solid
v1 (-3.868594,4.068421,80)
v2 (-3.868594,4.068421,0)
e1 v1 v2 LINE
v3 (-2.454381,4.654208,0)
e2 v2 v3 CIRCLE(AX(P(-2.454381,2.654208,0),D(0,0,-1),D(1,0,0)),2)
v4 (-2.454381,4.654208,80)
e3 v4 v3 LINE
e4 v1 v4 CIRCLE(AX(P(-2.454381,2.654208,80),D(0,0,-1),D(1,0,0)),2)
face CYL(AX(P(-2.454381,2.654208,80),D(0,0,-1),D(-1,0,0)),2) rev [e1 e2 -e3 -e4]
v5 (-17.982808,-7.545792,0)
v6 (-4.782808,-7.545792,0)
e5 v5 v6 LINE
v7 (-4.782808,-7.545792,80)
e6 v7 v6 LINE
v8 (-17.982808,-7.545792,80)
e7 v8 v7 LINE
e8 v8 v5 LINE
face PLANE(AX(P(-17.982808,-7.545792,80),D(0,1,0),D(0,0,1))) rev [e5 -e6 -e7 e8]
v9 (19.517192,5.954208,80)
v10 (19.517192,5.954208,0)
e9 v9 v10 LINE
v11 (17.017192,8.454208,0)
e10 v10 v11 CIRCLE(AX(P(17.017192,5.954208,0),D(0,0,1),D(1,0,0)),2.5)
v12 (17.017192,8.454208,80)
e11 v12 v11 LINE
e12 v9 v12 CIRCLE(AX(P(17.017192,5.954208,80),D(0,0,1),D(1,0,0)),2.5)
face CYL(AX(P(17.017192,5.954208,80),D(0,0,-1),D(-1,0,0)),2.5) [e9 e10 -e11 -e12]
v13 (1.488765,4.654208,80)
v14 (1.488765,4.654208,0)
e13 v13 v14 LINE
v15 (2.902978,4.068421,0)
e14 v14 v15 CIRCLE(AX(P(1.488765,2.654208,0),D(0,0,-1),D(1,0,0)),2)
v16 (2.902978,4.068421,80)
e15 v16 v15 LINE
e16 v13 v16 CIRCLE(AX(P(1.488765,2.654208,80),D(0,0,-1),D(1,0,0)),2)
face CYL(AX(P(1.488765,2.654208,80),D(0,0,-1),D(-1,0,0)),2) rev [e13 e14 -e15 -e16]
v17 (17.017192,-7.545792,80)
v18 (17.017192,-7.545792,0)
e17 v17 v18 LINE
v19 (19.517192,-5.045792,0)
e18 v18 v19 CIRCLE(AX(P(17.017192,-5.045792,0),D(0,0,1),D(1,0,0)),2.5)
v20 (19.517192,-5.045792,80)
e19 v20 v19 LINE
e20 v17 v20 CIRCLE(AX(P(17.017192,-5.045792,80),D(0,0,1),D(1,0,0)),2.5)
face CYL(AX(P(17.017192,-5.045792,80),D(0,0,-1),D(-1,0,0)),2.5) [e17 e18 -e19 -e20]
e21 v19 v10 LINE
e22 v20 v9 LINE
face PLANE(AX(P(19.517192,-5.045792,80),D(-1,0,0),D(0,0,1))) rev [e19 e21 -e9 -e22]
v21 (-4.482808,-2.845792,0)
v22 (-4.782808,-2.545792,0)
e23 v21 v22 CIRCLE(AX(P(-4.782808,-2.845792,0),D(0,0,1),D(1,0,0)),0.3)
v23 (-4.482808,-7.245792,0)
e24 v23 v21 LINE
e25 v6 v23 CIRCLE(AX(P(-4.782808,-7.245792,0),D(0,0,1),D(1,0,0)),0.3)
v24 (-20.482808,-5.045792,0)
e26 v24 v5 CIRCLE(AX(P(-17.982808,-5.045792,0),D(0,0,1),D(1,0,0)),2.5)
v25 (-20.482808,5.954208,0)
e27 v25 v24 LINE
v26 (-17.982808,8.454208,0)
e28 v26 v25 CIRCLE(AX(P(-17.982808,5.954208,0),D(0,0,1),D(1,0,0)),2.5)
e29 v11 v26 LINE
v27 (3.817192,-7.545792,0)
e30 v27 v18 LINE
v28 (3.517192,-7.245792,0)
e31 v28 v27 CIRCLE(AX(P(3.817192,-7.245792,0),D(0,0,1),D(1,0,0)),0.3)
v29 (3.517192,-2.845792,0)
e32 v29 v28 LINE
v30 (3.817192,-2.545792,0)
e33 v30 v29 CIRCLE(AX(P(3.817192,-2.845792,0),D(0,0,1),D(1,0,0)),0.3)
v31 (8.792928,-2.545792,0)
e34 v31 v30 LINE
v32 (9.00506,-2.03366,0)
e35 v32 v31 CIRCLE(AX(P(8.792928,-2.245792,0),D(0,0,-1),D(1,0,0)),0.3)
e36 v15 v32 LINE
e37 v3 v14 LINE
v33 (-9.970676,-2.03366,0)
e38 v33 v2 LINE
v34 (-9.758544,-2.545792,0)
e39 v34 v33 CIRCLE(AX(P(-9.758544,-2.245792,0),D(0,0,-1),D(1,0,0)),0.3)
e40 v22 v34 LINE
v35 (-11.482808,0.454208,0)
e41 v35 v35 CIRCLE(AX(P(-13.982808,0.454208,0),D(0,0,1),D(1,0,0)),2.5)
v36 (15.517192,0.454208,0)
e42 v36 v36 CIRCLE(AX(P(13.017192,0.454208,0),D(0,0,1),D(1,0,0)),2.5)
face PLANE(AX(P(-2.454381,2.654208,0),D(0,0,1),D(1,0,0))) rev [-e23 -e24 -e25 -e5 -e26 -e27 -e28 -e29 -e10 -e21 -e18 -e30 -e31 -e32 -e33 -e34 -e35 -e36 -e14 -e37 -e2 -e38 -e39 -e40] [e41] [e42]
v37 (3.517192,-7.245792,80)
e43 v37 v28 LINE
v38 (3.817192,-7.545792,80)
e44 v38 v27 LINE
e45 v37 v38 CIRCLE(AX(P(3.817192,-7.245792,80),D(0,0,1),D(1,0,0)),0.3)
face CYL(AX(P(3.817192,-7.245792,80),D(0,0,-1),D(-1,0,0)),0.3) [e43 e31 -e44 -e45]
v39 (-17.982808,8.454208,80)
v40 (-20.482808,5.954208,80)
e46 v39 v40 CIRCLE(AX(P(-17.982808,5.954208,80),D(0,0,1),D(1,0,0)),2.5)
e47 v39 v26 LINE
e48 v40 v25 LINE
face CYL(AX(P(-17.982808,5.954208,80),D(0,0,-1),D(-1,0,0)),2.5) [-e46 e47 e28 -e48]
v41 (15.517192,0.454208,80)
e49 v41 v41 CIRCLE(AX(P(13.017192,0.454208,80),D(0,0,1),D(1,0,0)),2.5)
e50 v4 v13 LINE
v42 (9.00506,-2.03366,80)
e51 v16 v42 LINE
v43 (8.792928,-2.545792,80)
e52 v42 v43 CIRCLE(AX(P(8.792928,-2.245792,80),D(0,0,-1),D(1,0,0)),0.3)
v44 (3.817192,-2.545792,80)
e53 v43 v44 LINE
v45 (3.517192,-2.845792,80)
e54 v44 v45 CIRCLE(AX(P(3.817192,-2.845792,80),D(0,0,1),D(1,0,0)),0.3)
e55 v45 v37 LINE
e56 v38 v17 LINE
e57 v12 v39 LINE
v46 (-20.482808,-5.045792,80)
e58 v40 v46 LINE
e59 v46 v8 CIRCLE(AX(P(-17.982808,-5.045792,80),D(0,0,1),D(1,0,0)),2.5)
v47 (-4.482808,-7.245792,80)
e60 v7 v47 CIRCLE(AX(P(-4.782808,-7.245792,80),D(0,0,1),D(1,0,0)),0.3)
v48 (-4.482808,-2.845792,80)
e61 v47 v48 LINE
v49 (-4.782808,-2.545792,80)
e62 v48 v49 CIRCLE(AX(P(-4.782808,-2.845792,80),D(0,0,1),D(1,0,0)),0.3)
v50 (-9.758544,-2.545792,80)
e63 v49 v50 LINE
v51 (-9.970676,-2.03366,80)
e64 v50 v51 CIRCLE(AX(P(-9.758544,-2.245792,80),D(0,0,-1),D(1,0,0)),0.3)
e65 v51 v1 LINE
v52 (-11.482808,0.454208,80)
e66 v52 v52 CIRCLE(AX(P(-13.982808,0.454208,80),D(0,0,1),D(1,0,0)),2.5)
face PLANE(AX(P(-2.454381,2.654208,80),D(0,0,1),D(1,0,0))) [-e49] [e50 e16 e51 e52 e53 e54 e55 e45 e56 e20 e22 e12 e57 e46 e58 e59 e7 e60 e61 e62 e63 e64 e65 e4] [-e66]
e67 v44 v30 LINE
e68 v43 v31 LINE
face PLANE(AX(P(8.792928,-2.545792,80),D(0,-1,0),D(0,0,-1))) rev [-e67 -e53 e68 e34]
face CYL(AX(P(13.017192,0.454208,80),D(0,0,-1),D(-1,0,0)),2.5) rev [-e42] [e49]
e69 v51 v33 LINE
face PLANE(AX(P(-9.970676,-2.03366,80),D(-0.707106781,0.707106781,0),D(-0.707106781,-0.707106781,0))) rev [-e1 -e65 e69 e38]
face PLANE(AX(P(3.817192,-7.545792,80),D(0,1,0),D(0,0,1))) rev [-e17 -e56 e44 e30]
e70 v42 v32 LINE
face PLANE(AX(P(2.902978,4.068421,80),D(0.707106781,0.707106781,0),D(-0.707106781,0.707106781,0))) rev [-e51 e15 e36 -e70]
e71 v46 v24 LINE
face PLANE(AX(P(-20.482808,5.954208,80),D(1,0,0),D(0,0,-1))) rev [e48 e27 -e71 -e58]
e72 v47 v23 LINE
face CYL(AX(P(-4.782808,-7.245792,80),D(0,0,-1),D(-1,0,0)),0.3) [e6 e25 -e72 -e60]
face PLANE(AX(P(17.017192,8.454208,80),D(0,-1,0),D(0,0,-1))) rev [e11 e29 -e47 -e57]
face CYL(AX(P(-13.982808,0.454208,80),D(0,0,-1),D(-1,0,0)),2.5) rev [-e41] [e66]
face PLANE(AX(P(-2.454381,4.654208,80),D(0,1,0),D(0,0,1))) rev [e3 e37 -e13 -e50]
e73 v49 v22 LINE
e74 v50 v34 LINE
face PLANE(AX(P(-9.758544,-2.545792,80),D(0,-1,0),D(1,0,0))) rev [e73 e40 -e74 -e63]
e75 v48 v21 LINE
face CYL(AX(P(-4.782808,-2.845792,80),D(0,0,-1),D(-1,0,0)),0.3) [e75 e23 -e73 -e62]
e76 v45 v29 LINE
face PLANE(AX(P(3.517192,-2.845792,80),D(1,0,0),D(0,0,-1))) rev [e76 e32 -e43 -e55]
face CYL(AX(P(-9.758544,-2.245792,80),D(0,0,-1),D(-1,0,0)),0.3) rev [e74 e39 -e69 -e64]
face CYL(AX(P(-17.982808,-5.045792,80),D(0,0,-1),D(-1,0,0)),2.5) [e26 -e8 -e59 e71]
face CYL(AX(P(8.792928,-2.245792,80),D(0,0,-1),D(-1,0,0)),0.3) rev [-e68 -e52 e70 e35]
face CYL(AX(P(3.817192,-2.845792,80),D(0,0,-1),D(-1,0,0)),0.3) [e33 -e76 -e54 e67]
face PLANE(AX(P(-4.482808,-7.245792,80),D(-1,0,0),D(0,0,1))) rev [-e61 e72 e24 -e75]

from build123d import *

# Parameters (mm, degrees)
SKETCH_1_R      = 2.5
EXTRUDE_1_DEPTH = 80


with BuildPart() as part:
    # 草图1 → 凸台-拉伸1 (new body)
    with BuildSketch(Plane.XY):
        with BuildLine():
            Line((-2.454380926, 4.654207574), (1.488764825, 4.654207574))
            ThreePointArc((1.488764825, 4.654207574), (2.254131689, 4.501966639), (2.902978387, 4.068421136))
            Line((2.902978387, 4.068421136), (9.005059915, -2.033660392))
            ThreePointArc((9.005059915, -2.033660392), (9.070091741, -2.360597456), (8.792927881, -2.545792426))
            Line((8.792927881, -2.545792426), (3.817191949, -2.545792426))
            ThreePointArc((3.817191949, -2.545792426), (3.605059915, -2.633660392), (3.517191949, -2.845792426))
            Line((3.517191949, -2.845792426), (3.517191949, -7.245792426))
            ThreePointArc((3.517191949, -7.245792426), (3.605059915, -7.457924461), (3.817191949, -7.545792426))
            Line((3.817191949, -7.545792426), (17.017191949, -7.545792426))
            ThreePointArc((17.017191949, -7.545792426), (18.784958902, -6.813559379), (19.517191949, -5.045792426))
            Line((19.517191949, -5.045792426), (19.517191949, 5.954207574))
            ThreePointArc((19.517191949, 5.954207574), (18.784958902, 7.721974527), (17.017191949, 8.454207574))
            Line((17.017191949, 8.454207574), (-17.982808051, 8.454207574))
            ThreePointArc((-17.982808051, 8.454207574), (-19.750575003, 7.721974527), (-20.482808051, 5.954207574))
            Line((-20.482808051, 5.954207574), (-20.482808051, -5.045792426))
            ThreePointArc((-20.482808051, -5.045792426), (-19.750575003, -6.813559379), (-17.982808051, -7.545792426))
            Line((-17.982808051, -7.545792426), (-4.782808051, -7.545792426))
            ThreePointArc((-4.782808051, -7.545792426), (-4.570676016, -7.457924461), (-4.482808051, -7.245792426))
            Line((-4.482808051, -7.245792426), (-4.482808051, -2.845792426))
            ThreePointArc((-4.482808051, -2.845792426), (-4.570676016, -2.633660392), (-4.782808051, -2.545792426))
            Line((-4.782808051, -2.545792426), (-9.758543982, -2.545792426))
            ThreePointArc((-9.758543982, -2.545792426), (-10.035707842, -2.360597456), (-9.970676016, -2.033660392))
            Line((-9.970676016, -2.033660392), (-3.868594488, 4.068421136))
            ThreePointArc((-3.868594488, 4.068421136), (-3.219747791, 4.501966639), (-2.454380926, 4.654207574))
        make_face()
        with Locations((-13.982808051, 0.454207574)):
            Circle(SKETCH_1_R, mode=Mode.SUBTRACT)
        with Locations((13.017191949, 0.454207574)):
            Circle(SKETCH_1_R, mode=Mode.SUBTRACT)
    extrude(amount=EXTRUDE_1_DEPTH)


solid = part.part
